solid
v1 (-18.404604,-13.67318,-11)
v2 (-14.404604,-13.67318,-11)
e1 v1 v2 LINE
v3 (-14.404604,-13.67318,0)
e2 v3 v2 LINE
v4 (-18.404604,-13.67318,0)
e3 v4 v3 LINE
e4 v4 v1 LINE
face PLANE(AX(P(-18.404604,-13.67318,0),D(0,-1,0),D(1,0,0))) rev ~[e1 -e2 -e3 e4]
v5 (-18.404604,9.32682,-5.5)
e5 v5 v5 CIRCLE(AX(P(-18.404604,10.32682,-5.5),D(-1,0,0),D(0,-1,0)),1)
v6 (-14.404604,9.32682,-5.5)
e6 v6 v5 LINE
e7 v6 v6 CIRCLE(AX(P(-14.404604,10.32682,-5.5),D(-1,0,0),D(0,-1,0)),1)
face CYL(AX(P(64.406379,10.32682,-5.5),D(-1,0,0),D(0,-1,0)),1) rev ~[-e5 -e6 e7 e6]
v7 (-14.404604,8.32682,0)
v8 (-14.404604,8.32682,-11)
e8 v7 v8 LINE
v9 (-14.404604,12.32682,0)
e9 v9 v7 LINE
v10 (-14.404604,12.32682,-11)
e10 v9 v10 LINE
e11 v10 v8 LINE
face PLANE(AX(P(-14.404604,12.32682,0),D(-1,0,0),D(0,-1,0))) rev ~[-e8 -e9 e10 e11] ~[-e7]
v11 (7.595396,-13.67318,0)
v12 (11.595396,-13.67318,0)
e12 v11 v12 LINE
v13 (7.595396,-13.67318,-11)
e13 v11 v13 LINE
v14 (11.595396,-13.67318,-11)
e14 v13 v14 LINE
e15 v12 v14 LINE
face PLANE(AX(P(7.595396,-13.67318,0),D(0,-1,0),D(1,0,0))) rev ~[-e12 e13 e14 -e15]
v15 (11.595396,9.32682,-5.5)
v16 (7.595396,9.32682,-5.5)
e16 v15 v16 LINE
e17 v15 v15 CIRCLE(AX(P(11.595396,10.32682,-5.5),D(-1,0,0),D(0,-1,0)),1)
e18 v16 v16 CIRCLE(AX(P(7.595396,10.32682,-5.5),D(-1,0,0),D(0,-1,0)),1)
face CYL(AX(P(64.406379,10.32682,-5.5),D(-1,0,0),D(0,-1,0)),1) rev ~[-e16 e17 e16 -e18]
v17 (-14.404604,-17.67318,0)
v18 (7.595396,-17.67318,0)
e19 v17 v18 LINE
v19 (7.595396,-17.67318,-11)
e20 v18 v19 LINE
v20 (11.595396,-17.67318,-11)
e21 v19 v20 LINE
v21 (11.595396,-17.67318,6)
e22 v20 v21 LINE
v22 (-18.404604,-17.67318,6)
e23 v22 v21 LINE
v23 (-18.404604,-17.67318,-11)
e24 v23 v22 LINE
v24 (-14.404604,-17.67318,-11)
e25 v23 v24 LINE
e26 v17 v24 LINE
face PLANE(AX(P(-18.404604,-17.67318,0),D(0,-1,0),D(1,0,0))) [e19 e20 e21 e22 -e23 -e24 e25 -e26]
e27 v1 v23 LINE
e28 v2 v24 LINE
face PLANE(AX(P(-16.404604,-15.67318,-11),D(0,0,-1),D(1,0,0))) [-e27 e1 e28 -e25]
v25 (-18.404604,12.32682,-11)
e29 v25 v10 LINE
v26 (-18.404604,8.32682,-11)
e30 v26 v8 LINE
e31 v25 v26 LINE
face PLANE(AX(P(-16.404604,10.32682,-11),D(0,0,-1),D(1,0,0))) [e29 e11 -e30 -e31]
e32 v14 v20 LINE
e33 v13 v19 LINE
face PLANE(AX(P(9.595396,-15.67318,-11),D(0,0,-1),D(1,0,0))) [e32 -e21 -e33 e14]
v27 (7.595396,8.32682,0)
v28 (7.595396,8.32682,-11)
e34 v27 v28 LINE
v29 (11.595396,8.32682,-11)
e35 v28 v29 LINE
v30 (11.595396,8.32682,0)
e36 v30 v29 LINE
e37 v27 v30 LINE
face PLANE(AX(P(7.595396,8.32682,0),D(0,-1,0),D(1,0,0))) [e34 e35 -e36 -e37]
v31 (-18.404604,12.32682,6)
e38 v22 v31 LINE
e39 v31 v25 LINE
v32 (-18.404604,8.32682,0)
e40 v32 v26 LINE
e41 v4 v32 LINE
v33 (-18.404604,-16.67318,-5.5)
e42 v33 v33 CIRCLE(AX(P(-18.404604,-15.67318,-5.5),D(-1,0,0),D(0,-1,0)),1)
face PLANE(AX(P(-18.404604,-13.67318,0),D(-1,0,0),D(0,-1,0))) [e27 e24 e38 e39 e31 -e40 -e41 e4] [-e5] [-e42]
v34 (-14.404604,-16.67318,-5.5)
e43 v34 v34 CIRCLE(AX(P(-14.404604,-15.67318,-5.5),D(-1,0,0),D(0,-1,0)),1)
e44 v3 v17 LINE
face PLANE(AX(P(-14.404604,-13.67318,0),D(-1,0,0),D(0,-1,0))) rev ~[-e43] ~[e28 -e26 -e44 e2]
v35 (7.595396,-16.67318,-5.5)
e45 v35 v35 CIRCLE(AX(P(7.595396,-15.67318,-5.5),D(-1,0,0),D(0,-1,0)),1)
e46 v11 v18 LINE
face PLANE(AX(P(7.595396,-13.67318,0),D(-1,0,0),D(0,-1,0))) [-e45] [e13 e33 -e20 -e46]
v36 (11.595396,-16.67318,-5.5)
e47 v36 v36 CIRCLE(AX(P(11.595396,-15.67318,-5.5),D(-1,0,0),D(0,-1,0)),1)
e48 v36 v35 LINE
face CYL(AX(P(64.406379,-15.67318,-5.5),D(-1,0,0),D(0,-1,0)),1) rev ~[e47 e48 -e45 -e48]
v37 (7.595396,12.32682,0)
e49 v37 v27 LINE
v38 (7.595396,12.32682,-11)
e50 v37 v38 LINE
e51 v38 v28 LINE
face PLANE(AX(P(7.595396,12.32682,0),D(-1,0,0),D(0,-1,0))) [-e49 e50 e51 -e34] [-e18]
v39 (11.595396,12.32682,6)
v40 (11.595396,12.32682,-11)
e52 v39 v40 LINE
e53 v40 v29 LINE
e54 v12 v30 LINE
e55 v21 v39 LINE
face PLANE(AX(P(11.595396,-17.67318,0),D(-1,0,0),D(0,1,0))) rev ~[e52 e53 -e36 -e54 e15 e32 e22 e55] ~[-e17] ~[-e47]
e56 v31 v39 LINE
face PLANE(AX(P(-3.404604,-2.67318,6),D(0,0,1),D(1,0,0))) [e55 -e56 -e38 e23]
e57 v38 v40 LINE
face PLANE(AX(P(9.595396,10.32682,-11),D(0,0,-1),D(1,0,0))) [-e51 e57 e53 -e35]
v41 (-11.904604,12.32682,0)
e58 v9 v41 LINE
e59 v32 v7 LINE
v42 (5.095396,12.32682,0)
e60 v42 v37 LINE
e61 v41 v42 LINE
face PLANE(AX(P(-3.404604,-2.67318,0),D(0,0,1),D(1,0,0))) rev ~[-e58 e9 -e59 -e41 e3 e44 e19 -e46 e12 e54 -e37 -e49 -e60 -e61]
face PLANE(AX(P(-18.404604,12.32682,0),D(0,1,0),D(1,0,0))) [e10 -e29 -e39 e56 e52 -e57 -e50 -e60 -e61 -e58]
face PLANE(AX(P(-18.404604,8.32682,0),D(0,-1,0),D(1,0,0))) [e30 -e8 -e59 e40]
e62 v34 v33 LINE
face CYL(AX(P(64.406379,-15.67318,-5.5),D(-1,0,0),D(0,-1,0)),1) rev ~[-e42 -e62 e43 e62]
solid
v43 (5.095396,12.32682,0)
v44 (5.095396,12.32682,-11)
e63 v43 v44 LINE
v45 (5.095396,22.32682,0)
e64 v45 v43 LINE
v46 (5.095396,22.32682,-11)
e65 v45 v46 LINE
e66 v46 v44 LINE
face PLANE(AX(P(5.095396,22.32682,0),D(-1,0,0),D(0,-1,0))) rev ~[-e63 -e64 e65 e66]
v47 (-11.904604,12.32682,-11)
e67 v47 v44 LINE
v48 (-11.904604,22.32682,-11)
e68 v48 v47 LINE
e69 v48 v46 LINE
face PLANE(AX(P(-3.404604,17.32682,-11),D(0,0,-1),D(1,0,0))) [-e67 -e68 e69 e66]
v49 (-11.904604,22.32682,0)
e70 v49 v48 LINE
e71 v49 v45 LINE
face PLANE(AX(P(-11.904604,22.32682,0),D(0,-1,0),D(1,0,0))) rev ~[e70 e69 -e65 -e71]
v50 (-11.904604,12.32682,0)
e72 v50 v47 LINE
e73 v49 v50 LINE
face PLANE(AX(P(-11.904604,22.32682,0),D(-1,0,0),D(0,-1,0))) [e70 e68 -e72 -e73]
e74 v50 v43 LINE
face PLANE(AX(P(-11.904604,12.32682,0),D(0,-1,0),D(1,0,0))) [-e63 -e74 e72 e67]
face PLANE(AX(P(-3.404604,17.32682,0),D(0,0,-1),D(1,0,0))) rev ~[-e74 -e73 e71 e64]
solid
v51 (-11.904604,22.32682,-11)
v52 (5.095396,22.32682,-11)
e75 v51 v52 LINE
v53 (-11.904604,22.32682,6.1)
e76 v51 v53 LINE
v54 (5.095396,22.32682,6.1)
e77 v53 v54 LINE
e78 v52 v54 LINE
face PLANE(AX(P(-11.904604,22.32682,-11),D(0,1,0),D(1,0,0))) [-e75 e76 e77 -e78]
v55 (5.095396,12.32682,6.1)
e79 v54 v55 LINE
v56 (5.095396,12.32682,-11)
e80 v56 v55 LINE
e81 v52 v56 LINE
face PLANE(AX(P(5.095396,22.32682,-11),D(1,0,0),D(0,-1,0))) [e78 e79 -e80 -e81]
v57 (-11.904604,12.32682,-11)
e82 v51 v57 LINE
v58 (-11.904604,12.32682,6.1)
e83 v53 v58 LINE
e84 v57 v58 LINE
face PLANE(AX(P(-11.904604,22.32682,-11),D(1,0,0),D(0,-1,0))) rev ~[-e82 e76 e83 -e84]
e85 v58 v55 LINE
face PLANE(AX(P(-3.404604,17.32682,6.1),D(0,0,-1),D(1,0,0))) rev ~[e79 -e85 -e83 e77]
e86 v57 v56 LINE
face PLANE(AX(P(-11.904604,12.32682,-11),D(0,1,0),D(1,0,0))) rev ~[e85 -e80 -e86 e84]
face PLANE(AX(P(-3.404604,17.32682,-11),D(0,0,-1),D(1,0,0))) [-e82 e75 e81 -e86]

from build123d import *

# Parameters (mm, degrees)
F0_W     = 30
F0_H     = 30
F1_DEPTH = 6
F2_W     = 4
F2_H     = 4
F2_W_2   = 17
F2_H_2   = 10
F3_DEPTH = 11
F5_D     = 2
F6_DEPTH = 17.1


with BuildPart() as f1:
    # F0 (on Top) → F1 (new body)
    with BuildSketch(Plane.XY):
        with Locations((-3.4046042711, -2.673180324)):
            Rectangle(F0_W, F0_H)
    extrude(amount=F1_DEPTH)

    # F2 (on face) → F3 (join)
    with BuildSketch(Plane(origin=(0, 0, 0), x_dir=(1, 0, 0), z_dir=(0, 0, -1))):
        with Locations((-16.4046042711, 15.673180324)):
            Rectangle(F2_W, F2_H)
        with Locations((-3.4046042711, -17.326819676)):
            Rectangle(F2_W_2, F2_H_2)
        with Locations((9.5953957289, 15.673180324)):
            Rectangle(F2_W, F2_H)
        with Locations((-16.4046042711, -10.326819676)):
            Rectangle(F2_W, F2_H)
        with Locations((9.5953957289, -10.326819676)):
            Rectangle(F2_W, F2_H)
    extrude(amount=F3_DEPTH)

    # F5 (through all)
    with Locations(Plane.YZ.offset(11.5953957289)):
        with Locations((-15.673180324, -5.5), (10.326819676, -5.5)):
            Hole(F5_D / 2)


with BuildPart() as f6:
    # F6 (new): a face of the model
    f6_faces = [f1.part.faces().sort_by_distance(p)[0] for p in [
        (-3.4046042711, 17.326819676, -11),
    ]]
    extrude(f6_faces, amount=-F6_DEPTH)


solid = Compound([f1.part, f6.part])
